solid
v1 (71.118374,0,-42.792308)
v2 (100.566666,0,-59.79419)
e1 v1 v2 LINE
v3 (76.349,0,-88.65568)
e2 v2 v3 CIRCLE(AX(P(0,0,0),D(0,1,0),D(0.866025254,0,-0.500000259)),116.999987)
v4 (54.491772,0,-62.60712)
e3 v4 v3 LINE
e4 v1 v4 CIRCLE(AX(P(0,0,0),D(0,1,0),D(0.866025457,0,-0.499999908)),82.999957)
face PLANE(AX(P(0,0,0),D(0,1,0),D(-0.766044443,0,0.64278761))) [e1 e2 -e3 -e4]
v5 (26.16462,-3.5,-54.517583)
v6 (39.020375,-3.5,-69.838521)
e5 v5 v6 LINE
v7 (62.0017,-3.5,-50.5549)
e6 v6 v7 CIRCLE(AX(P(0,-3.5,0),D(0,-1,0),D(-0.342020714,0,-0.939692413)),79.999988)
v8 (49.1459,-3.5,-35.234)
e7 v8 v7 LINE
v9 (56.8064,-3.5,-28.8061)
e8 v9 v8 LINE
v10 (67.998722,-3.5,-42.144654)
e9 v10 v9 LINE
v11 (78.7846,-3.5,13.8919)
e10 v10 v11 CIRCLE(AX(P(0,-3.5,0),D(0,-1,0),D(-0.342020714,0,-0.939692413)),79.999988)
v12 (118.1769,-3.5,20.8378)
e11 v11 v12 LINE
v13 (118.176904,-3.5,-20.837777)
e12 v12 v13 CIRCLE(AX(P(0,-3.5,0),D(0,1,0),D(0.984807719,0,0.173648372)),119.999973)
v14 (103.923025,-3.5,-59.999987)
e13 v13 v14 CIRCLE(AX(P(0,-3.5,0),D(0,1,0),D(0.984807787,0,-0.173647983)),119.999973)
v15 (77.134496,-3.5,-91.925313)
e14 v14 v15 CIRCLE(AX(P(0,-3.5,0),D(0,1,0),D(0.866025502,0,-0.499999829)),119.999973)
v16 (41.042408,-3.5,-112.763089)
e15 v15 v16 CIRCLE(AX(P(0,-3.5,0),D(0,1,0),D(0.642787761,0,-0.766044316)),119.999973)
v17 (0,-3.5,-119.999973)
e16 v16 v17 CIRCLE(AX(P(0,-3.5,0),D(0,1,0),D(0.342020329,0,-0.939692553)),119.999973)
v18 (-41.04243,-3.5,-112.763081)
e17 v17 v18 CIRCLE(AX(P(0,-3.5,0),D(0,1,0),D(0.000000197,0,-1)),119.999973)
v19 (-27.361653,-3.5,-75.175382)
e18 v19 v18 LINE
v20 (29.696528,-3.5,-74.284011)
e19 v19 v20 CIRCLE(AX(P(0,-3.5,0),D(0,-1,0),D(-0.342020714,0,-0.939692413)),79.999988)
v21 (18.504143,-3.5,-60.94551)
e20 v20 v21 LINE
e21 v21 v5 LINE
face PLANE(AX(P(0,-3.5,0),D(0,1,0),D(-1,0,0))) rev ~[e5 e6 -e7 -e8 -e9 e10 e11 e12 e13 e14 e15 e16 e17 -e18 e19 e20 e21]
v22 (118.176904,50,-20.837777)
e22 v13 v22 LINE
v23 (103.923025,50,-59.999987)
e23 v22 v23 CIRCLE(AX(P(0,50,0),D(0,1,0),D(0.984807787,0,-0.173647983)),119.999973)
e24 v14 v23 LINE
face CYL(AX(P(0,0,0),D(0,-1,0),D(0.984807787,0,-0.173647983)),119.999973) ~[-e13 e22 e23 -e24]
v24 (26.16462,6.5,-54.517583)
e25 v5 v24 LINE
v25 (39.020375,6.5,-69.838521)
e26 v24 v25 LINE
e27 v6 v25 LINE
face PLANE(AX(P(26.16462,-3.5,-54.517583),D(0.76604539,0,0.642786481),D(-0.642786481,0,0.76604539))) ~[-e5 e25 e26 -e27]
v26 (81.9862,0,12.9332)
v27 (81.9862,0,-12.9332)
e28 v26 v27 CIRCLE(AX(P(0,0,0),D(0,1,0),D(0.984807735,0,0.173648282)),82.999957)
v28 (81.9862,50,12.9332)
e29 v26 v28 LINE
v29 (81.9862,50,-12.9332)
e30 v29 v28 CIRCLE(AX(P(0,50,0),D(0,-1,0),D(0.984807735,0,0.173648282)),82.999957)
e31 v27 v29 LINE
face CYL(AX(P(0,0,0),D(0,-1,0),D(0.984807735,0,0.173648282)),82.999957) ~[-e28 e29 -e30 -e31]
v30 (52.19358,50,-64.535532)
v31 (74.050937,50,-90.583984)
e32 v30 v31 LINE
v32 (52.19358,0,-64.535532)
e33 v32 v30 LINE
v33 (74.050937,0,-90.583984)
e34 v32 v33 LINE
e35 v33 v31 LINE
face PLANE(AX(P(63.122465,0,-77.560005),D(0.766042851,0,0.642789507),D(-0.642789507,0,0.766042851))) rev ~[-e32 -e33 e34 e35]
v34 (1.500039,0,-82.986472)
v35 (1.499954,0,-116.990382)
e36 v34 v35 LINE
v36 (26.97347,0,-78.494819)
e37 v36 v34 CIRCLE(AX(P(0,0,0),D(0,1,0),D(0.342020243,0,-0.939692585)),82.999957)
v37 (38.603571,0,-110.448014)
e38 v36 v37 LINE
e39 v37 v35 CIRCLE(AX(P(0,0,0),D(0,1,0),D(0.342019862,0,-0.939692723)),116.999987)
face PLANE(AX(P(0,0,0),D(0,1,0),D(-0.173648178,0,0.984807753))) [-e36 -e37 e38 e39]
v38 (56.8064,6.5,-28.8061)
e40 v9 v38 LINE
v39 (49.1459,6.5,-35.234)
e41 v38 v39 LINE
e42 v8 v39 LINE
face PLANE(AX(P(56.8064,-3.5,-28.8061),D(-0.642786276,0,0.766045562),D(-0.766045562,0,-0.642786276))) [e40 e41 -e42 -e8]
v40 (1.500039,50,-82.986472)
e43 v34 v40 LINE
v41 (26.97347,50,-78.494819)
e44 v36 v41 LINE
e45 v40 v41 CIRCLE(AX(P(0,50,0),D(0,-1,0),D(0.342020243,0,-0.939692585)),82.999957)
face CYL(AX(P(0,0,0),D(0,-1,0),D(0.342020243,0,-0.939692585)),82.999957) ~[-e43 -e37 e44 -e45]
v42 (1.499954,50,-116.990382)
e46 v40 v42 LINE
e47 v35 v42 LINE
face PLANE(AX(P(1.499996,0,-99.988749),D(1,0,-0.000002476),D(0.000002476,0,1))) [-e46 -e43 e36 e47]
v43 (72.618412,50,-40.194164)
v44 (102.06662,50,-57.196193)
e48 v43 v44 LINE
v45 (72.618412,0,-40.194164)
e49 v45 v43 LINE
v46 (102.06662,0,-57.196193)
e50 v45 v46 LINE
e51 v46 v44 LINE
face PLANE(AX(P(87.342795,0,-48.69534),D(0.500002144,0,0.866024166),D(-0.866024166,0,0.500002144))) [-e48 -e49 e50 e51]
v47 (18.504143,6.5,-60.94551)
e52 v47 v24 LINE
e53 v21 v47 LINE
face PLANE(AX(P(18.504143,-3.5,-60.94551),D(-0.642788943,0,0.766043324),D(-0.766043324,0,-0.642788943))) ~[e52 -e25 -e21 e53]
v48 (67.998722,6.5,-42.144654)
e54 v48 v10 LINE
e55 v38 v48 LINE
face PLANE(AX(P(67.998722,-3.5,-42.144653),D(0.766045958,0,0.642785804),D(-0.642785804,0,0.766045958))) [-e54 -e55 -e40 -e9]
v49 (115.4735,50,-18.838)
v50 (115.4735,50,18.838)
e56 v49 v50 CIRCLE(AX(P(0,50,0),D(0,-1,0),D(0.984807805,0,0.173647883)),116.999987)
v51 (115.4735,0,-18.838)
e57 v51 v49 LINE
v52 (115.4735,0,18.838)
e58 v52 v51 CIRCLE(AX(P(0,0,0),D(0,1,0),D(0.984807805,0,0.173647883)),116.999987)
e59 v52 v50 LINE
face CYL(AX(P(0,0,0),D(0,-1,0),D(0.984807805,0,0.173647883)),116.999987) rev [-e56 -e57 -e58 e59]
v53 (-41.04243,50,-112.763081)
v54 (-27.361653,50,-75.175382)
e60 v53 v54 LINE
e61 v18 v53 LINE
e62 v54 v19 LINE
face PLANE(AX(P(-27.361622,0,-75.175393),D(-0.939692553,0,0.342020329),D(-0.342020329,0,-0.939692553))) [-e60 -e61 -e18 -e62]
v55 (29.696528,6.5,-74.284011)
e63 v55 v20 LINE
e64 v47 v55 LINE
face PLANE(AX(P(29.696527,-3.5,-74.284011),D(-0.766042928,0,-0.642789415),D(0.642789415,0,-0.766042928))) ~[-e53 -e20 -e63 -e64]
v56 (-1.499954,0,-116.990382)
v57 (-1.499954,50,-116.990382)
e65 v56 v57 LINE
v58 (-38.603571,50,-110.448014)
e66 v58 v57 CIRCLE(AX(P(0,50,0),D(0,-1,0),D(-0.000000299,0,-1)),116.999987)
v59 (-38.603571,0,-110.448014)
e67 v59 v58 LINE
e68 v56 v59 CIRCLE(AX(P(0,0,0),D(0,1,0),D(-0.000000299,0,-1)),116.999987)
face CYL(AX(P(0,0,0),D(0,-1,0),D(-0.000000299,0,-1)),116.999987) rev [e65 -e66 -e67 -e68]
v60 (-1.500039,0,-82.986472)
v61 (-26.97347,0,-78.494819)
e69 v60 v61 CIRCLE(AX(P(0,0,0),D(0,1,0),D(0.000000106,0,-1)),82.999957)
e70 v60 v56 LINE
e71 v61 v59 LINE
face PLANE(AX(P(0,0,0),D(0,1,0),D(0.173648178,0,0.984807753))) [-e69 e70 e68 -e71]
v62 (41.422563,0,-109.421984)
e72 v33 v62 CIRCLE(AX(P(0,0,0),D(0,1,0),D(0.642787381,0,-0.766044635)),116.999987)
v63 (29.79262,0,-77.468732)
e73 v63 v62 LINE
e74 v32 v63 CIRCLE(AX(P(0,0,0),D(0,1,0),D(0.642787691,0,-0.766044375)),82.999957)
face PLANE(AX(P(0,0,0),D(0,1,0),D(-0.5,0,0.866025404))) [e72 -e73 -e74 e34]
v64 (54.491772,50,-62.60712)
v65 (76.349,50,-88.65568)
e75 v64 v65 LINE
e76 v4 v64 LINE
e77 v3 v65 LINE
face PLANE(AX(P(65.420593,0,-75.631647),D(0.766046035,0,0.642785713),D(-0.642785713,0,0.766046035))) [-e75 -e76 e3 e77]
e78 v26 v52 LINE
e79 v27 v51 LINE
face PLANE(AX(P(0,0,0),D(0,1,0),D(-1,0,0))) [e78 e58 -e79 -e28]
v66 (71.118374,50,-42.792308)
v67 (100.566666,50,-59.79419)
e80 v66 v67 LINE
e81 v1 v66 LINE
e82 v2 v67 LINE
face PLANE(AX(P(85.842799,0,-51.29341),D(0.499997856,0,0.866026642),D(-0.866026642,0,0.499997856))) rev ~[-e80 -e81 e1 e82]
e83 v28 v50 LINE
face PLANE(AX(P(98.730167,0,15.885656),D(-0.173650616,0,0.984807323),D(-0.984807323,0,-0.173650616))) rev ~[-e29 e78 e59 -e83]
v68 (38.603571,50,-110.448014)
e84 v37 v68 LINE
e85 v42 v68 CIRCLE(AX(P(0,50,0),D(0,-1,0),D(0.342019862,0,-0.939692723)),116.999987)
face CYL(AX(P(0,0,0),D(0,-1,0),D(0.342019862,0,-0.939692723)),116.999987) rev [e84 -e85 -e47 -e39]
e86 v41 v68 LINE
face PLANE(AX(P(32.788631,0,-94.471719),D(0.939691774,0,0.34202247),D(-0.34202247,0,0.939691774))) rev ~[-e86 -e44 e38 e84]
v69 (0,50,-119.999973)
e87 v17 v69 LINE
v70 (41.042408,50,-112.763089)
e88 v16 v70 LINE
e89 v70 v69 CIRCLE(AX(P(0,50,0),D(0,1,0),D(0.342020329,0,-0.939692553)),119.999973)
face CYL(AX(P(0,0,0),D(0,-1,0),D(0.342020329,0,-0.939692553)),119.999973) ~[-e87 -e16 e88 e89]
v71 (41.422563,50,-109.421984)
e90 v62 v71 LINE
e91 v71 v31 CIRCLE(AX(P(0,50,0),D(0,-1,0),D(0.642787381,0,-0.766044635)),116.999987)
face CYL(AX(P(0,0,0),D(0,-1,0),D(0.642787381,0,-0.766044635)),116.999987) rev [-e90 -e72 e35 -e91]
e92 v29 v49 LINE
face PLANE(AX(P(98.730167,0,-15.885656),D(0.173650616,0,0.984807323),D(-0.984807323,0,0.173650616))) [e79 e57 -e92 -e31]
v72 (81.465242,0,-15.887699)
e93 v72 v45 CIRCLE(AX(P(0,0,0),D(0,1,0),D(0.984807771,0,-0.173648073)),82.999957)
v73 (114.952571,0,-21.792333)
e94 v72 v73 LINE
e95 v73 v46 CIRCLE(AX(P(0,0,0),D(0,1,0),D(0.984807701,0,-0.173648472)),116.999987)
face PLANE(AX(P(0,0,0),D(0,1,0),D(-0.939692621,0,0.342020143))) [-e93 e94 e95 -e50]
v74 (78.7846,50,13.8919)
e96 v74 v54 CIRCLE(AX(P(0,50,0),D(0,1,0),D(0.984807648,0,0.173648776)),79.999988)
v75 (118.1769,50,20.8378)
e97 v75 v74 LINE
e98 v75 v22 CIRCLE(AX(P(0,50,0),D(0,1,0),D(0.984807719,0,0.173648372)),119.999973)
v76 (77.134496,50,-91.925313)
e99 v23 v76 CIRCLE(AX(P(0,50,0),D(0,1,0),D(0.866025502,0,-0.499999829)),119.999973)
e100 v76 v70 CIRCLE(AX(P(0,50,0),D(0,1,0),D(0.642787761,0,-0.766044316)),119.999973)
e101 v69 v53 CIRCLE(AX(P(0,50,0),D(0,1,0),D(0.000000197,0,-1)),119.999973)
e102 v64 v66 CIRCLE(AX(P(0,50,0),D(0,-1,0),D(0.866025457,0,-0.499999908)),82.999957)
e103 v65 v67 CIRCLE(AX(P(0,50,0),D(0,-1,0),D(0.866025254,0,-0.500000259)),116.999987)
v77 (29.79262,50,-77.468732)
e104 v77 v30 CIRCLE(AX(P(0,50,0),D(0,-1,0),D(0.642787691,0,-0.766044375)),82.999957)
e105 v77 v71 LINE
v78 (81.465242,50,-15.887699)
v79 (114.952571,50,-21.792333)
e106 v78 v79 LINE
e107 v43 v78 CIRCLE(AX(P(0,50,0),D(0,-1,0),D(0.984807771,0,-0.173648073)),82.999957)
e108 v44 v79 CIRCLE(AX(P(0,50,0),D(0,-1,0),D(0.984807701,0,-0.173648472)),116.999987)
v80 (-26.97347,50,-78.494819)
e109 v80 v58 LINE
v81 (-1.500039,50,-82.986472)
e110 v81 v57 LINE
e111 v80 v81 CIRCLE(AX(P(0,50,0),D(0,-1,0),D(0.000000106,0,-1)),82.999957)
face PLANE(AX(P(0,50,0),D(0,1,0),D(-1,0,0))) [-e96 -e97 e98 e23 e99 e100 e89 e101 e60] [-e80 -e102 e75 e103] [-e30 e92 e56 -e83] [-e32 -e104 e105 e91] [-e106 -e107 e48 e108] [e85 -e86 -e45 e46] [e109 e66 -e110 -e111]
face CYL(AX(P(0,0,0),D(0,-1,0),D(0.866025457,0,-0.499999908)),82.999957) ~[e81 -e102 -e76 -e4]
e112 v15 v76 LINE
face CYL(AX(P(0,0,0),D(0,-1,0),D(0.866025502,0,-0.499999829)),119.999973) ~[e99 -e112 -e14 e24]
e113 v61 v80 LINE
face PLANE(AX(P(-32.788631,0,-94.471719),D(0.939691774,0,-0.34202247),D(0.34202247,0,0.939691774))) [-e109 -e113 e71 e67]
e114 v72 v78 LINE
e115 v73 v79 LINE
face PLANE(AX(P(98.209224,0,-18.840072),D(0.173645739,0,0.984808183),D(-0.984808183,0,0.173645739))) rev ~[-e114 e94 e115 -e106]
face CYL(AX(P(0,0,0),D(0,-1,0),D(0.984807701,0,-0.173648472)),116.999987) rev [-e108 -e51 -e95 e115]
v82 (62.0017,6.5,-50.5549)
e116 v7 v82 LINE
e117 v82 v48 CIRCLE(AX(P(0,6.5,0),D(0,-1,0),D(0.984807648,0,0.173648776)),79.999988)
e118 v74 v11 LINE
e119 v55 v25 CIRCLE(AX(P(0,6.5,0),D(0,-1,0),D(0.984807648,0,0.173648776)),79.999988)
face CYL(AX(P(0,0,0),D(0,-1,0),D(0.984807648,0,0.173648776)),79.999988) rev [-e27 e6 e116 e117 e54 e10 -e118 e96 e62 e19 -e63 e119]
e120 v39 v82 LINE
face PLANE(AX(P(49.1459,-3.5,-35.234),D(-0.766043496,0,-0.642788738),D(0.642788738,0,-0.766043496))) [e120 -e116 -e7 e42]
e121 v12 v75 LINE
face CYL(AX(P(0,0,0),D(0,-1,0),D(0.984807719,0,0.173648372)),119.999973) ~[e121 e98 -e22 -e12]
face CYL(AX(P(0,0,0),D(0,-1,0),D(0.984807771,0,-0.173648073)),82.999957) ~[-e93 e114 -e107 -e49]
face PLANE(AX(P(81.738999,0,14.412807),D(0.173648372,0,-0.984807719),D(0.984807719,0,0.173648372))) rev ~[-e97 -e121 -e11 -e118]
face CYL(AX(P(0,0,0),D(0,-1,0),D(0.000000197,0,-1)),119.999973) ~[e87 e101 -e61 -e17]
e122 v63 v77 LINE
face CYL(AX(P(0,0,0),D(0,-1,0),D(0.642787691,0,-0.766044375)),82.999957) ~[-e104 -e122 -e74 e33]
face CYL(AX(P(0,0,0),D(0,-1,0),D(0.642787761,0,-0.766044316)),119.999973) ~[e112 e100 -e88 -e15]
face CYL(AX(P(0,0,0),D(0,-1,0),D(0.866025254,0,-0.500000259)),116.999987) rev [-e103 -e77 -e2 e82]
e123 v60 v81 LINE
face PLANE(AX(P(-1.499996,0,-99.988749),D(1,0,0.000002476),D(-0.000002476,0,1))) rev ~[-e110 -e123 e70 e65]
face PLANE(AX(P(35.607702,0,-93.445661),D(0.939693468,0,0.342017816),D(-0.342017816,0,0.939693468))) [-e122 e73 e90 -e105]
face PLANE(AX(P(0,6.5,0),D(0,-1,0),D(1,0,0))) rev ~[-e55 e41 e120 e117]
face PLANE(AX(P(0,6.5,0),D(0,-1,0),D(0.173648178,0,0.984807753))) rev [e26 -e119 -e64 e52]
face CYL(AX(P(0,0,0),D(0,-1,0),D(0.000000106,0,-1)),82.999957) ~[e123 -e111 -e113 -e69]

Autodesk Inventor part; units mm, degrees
ref_plane "YZ Plane" through (0, 0, 0) normal (1, 0, 0) x (0, 1, 0)
ref_plane "XZ Plane" through (0, 0, 0) normal (0, 1, 0) x (-1, 0, 0)
sketch "Esquisse1" plane through (0, 0, 0) normal (0, 1, 0) x (-1, 0, 0)
  circle A0 centre (0, 0) radius 100
  line L0 (0, 0) -> (-118.1769, 20.8378)
  line L1 (0, 0) -> (-2.1593, 0)
  line L2 (0, 0) -> (-118.1769, -20.8378)
  arc A1 (-118.1769, 20.8378) -> (-118.1769, -20.8378) centre (0, 0) ccw
  line L3 (-118.1769, 20.8378) -> (-78.7846, 13.8919)
  arc A2 (-78.7846, 13.8919) -> (-78.7846, -13.8919) centre (0, 0) ccw
  line L4 (-78.7846, -13.8919) -> (-118.1769, -20.8378)
  arc A3 (-115.2225, 20.3168) -> (-115.2225, -20.3168) centre (0, 0) ccw
  arc A4 (-81.739, 14.4128) -> (-81.739, -14.4128) centre (0, 0) ccw
  line L5 (-115.4735, 18.838) -> (-81.9862, 12.9332)
  line L6 (-115.4735, -18.838) -> (-81.9862, -12.9332)
  dimension "d0" = 200
  dimension "d1" = 10
  dimension "d2" = 10
  dimension "d3" = 40
  dimension "d4" = 120
  dimension "d5" = 117
  dimension "d6" = 83
  dimension "d7" = 1.5
  dimension "d8" = 1.5
extrude "Extrusion2" add sketch "Esquisse1" along normal blind 50 and the other way blind 3.5 contours L0 A4 L5 A0 | A0 L5 A3 L0 | L2 A3 L6 A0 | A0 L6 A4 L2 | L5 A4 L6 A0 | A0 L6 A3 L5 | L0 A2 L2 A4 | A3 L2 A1 L0
extrude "Extrusion3" cut sketch "Esquisse1" along normal blind 60 contours L5 A4 L6 A0 | A0 L6 A3 L5
pattern_circular "Réseau circulaire1" count 6 over 100 about axis through (0, -10, 0) along (0, 1, 0) of "Extrusion2", "Extrusion3"
sketch "Esquisse2" plane through (0, -3.5, 0) normal (0, -1, 0) x (1, 0, 0)
  line L0 (0, 0) -> (51.423, -61.2836)
  arc A0 (-27.3616, -75.1754) -> (78.7846, 13.8919) centre (0, 0) ccw projected
  line L1 (0, 0) -> (78.7846, 13.8919)
  line L2 (62.0017, -50.5549) -> (69.6621, -44.127)
  line L3 (69.6621, -44.127) -> (56.8064, -28.8061)
  line L4 (56.8064, -28.8061) -> (49.1459, -35.234)
  line L5 (49.1459, -35.234) -> (62.0017, -50.5549)
  dimension "d20" = 60
  dimension "d21" = 10
  dimension "d22" = 15
  dimension "d23" = 20
extrude "Extrusion4" add sketch "Esquisse2" against normal blind 10 contours L5 L4 L3 A0 | A0 L3 L2
ref_plane "Plan de construction1" through (0, 0, 0) normal (0.766, 0, 0.6428) x (0.6422, -0.0437, -0.7653)
mirror "Symétrie1" about plane through (0, 0, 0) normal (0.766, 0, 0.6428) of "Extrusion4"
properties part number "bacRecupBonbon"
